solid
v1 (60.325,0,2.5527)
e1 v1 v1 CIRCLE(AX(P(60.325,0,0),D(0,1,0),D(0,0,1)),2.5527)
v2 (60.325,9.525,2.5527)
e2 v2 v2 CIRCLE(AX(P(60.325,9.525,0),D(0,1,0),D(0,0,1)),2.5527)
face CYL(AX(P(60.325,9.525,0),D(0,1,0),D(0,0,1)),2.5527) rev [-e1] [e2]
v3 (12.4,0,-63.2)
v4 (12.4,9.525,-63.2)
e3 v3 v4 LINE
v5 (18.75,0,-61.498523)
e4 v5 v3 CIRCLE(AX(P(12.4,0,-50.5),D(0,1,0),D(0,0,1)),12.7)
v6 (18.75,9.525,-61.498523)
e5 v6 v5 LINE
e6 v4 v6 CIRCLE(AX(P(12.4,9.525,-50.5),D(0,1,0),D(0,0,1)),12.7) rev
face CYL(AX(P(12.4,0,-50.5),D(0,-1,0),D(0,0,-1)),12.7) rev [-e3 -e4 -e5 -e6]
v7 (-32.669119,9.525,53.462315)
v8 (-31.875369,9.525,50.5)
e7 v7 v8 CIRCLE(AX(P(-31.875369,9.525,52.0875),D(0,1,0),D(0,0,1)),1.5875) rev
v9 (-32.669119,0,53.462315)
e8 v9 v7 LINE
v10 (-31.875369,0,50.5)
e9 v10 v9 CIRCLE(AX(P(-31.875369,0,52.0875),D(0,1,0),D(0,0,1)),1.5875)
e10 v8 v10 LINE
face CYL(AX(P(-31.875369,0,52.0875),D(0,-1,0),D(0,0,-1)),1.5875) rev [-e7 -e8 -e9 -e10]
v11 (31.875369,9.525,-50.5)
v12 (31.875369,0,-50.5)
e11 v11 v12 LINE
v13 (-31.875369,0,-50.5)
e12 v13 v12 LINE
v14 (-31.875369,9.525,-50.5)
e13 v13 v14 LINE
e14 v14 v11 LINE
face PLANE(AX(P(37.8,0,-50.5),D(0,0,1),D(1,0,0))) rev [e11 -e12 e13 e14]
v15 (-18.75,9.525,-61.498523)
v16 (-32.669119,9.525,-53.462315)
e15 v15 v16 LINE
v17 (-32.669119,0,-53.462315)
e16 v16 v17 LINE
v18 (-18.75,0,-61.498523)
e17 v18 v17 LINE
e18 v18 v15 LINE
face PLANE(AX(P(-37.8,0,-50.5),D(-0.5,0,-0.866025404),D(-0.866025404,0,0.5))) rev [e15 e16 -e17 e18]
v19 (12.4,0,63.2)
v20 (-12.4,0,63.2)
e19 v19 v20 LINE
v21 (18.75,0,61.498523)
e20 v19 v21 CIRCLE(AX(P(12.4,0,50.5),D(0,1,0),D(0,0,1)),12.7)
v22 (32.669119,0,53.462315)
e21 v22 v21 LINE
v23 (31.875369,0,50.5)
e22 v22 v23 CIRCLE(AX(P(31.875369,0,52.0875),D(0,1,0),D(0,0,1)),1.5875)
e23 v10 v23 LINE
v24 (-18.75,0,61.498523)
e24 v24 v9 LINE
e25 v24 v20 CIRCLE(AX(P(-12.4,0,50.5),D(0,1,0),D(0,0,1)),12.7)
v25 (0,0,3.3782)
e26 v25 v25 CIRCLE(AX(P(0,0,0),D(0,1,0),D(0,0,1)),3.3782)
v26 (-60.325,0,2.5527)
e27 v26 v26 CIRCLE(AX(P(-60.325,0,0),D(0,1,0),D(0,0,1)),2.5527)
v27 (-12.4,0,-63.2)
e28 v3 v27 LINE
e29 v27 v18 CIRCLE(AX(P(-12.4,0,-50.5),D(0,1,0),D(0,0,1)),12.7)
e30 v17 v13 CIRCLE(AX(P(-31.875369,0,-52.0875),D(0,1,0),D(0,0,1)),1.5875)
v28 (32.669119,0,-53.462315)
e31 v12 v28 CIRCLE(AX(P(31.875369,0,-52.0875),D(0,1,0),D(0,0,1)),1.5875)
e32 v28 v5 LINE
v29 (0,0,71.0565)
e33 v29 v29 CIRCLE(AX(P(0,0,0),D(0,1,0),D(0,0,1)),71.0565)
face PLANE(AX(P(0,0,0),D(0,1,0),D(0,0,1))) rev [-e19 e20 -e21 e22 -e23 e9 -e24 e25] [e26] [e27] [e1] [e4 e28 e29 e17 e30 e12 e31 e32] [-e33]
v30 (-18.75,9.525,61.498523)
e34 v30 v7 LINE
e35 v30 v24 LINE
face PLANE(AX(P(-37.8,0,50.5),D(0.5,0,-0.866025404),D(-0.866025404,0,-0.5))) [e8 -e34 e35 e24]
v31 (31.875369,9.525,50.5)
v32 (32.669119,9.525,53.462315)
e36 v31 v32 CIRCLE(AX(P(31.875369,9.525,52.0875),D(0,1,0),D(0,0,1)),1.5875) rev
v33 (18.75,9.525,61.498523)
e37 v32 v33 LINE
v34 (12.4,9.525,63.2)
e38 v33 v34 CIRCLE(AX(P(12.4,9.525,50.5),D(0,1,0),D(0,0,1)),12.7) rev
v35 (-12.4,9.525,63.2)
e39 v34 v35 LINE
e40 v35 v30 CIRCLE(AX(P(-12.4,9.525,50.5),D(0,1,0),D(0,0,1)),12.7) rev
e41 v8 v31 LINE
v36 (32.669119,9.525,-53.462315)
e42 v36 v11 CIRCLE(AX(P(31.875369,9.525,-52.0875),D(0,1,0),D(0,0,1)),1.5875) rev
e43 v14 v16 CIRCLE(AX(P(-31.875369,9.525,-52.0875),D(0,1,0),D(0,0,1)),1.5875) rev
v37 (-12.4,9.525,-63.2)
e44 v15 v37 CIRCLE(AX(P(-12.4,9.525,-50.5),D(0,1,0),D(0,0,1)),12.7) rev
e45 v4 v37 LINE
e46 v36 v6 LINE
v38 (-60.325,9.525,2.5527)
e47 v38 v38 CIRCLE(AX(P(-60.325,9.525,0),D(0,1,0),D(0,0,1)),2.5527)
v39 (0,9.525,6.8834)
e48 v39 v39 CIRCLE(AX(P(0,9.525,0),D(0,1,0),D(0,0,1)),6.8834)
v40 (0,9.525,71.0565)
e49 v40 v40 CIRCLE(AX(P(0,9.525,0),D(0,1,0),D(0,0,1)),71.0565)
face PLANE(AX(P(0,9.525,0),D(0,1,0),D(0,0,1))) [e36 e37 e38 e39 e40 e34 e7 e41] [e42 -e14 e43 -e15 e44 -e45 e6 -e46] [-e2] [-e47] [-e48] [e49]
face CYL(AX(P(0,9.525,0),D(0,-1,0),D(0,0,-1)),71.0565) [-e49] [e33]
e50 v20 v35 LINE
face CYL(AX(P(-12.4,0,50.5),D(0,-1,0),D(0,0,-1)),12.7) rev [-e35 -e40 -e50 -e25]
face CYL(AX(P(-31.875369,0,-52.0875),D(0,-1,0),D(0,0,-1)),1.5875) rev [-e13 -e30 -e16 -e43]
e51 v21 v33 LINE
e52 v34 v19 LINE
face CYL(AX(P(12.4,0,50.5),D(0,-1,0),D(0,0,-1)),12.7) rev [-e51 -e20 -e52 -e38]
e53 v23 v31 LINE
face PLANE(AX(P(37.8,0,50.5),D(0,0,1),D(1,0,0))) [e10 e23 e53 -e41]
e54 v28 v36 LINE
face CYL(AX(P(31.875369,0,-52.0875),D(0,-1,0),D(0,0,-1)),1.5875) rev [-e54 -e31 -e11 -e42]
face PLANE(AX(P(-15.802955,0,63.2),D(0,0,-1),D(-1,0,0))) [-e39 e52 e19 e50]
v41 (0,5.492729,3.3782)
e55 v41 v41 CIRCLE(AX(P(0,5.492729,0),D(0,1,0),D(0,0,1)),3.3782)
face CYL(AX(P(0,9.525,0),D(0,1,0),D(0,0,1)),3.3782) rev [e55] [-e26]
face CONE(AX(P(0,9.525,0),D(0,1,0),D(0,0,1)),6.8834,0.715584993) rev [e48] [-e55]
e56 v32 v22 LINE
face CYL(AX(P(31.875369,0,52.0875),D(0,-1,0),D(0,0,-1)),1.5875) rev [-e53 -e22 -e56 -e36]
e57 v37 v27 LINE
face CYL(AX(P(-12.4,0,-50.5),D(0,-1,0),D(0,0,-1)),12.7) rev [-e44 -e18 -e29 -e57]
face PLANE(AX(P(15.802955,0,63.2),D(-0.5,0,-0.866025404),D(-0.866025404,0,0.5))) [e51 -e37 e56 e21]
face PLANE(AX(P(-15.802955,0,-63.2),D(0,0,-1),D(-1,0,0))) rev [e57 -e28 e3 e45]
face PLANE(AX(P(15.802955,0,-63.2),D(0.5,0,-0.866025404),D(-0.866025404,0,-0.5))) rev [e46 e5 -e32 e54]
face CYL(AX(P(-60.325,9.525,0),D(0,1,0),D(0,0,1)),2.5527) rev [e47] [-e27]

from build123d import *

# Parameters (mm, degrees)
SKETCH2_R                                        = 71.0565
BOSS_EXTRUDE1_DEPTH                              = 9.525
TAP_DRILL_FOR_1_4_20_TAP1_D                      = 5.1054
CSK_FOR_1_4_FLAT_HEAD_MACHINE_SCREW1_D           = 6.7564
CSK_FOR_1_4_FLAT_HEAD_MACHINE_SCREW1_CSINK_D     = 13.7668
CSK_FOR_1_4_FLAT_HEAD_MACHINE_SCREW1_CSINK_ANGLE = 82
CUT_EXTRUDE1_START                               = -10.525
CUT_EXTRUDE1_DEPTH                               = 11.525
FILLET1_R                                        = 12.7
FILLET2_R                                        = 1.5875
FILLET1_OF_MIRROR1_R                             = 12.7
FILLET2_OF_MIRROR1_R                             = 1.5875


with BuildPart() as part:
    # Sketch2 → Boss-Extrude1 (new body)
    with BuildSketch(Plane(origin=(0, 0, 0), x_dir=(1, 0, 0), z_dir=(0, 1, 0))):
        Circle(SKETCH2_R)
    extrude(amount=BOSS_EXTRUDE1_DEPTH)

    # Tap Drill for 1/4-20 Tap1 (through all)
    with Locations(Plane(origin=(0, 9.525, 0), x_dir=(1, 0, 0), z_dir=(0, 1, 0))):
        with Locations((-60.325, 0), (60.325, 0)):
            Hole(TAP_DRILL_FOR_1_4_20_TAP1_D / 2)

    # CSK for 1/4 Flat Head Machine Screw1 (through all)
    with Locations(Plane(origin=(0, 9.525, 0), x_dir=(1, 0, 0), z_dir=(0, 1, 0))):
        with Locations((0, 0)):
            CounterSinkHole(CSK_FOR_1_4_FLAT_HEAD_MACHINE_SCREW1_D / 2, CSK_FOR_1_4_FLAT_HEAD_MACHINE_SCREW1_CSINK_D / 2, counter_sink_angle=CSK_FOR_1_4_FLAT_HEAD_MACHINE_SCREW1_CSINK_ANGLE)

    # Sketch8 → Cut-Extrude1 (cut)
    with BuildSketch(Plane(origin=(0, 9.525, 0), x_dir=(1, 0, 0), z_dir=(0, 1, 0)).offset(CUT_EXTRUDE1_START)):
        Polygon((-37.8, 50.5), (-15.802954744, 63.2), (15.802954744, 63.2), (37.8, 50.5), align=None)
    cut_extrude1 = extrude(amount=CUT_EXTRUDE1_DEPTH, mode=Mode.SUBTRACT)

    # Fillet1
    fillet1_edges = [part.edges().sort_by_distance(p)[0] for p in [
        (-15.802954744, 4.7625, -63.2),
        (15.802954744, 4.7625, -63.2),
    ]]
    fillet(fillet1_edges, radius=FILLET1_R)

    # Fillet2
    fillet2_edges = [part.edges().sort_by_distance(p)[0] for p in [
        (37.8, 4.7625, -50.5),
        (-37.8, 4.7625, -50.5),
    ]]
    fillet(fillet2_edges, radius=FILLET2_R)

    # Mirror1: Cut-Extrude1 across plane
    add(cut_extrude1.mirror(Plane.XY), mode=Mode.SUBTRACT)

    # Fillet1 of Mirror1
    fillet1_of_mirror1_edges = [part.edges().sort_by_distance(p)[0] for p in [
        (-15.802954744, 4.7625, 63.2),
        (15.802954744, 4.7625, 63.2),
    ]]
    fillet(fillet1_of_mirror1_edges, radius=FILLET1_OF_MIRROR1_R)

    # Fillet2 of Mirror1
    fillet2_of_mirror1_edges = [part.edges().sort_by_distance(p)[0] for p in [
        (37.8, 4.7625, 50.5),
        (-37.8, 4.7625, 50.5),
    ]]
    fillet(fillet2_of_mirror1_edges, radius=FILLET2_OF_MIRROR1_R)


solid = part.part
